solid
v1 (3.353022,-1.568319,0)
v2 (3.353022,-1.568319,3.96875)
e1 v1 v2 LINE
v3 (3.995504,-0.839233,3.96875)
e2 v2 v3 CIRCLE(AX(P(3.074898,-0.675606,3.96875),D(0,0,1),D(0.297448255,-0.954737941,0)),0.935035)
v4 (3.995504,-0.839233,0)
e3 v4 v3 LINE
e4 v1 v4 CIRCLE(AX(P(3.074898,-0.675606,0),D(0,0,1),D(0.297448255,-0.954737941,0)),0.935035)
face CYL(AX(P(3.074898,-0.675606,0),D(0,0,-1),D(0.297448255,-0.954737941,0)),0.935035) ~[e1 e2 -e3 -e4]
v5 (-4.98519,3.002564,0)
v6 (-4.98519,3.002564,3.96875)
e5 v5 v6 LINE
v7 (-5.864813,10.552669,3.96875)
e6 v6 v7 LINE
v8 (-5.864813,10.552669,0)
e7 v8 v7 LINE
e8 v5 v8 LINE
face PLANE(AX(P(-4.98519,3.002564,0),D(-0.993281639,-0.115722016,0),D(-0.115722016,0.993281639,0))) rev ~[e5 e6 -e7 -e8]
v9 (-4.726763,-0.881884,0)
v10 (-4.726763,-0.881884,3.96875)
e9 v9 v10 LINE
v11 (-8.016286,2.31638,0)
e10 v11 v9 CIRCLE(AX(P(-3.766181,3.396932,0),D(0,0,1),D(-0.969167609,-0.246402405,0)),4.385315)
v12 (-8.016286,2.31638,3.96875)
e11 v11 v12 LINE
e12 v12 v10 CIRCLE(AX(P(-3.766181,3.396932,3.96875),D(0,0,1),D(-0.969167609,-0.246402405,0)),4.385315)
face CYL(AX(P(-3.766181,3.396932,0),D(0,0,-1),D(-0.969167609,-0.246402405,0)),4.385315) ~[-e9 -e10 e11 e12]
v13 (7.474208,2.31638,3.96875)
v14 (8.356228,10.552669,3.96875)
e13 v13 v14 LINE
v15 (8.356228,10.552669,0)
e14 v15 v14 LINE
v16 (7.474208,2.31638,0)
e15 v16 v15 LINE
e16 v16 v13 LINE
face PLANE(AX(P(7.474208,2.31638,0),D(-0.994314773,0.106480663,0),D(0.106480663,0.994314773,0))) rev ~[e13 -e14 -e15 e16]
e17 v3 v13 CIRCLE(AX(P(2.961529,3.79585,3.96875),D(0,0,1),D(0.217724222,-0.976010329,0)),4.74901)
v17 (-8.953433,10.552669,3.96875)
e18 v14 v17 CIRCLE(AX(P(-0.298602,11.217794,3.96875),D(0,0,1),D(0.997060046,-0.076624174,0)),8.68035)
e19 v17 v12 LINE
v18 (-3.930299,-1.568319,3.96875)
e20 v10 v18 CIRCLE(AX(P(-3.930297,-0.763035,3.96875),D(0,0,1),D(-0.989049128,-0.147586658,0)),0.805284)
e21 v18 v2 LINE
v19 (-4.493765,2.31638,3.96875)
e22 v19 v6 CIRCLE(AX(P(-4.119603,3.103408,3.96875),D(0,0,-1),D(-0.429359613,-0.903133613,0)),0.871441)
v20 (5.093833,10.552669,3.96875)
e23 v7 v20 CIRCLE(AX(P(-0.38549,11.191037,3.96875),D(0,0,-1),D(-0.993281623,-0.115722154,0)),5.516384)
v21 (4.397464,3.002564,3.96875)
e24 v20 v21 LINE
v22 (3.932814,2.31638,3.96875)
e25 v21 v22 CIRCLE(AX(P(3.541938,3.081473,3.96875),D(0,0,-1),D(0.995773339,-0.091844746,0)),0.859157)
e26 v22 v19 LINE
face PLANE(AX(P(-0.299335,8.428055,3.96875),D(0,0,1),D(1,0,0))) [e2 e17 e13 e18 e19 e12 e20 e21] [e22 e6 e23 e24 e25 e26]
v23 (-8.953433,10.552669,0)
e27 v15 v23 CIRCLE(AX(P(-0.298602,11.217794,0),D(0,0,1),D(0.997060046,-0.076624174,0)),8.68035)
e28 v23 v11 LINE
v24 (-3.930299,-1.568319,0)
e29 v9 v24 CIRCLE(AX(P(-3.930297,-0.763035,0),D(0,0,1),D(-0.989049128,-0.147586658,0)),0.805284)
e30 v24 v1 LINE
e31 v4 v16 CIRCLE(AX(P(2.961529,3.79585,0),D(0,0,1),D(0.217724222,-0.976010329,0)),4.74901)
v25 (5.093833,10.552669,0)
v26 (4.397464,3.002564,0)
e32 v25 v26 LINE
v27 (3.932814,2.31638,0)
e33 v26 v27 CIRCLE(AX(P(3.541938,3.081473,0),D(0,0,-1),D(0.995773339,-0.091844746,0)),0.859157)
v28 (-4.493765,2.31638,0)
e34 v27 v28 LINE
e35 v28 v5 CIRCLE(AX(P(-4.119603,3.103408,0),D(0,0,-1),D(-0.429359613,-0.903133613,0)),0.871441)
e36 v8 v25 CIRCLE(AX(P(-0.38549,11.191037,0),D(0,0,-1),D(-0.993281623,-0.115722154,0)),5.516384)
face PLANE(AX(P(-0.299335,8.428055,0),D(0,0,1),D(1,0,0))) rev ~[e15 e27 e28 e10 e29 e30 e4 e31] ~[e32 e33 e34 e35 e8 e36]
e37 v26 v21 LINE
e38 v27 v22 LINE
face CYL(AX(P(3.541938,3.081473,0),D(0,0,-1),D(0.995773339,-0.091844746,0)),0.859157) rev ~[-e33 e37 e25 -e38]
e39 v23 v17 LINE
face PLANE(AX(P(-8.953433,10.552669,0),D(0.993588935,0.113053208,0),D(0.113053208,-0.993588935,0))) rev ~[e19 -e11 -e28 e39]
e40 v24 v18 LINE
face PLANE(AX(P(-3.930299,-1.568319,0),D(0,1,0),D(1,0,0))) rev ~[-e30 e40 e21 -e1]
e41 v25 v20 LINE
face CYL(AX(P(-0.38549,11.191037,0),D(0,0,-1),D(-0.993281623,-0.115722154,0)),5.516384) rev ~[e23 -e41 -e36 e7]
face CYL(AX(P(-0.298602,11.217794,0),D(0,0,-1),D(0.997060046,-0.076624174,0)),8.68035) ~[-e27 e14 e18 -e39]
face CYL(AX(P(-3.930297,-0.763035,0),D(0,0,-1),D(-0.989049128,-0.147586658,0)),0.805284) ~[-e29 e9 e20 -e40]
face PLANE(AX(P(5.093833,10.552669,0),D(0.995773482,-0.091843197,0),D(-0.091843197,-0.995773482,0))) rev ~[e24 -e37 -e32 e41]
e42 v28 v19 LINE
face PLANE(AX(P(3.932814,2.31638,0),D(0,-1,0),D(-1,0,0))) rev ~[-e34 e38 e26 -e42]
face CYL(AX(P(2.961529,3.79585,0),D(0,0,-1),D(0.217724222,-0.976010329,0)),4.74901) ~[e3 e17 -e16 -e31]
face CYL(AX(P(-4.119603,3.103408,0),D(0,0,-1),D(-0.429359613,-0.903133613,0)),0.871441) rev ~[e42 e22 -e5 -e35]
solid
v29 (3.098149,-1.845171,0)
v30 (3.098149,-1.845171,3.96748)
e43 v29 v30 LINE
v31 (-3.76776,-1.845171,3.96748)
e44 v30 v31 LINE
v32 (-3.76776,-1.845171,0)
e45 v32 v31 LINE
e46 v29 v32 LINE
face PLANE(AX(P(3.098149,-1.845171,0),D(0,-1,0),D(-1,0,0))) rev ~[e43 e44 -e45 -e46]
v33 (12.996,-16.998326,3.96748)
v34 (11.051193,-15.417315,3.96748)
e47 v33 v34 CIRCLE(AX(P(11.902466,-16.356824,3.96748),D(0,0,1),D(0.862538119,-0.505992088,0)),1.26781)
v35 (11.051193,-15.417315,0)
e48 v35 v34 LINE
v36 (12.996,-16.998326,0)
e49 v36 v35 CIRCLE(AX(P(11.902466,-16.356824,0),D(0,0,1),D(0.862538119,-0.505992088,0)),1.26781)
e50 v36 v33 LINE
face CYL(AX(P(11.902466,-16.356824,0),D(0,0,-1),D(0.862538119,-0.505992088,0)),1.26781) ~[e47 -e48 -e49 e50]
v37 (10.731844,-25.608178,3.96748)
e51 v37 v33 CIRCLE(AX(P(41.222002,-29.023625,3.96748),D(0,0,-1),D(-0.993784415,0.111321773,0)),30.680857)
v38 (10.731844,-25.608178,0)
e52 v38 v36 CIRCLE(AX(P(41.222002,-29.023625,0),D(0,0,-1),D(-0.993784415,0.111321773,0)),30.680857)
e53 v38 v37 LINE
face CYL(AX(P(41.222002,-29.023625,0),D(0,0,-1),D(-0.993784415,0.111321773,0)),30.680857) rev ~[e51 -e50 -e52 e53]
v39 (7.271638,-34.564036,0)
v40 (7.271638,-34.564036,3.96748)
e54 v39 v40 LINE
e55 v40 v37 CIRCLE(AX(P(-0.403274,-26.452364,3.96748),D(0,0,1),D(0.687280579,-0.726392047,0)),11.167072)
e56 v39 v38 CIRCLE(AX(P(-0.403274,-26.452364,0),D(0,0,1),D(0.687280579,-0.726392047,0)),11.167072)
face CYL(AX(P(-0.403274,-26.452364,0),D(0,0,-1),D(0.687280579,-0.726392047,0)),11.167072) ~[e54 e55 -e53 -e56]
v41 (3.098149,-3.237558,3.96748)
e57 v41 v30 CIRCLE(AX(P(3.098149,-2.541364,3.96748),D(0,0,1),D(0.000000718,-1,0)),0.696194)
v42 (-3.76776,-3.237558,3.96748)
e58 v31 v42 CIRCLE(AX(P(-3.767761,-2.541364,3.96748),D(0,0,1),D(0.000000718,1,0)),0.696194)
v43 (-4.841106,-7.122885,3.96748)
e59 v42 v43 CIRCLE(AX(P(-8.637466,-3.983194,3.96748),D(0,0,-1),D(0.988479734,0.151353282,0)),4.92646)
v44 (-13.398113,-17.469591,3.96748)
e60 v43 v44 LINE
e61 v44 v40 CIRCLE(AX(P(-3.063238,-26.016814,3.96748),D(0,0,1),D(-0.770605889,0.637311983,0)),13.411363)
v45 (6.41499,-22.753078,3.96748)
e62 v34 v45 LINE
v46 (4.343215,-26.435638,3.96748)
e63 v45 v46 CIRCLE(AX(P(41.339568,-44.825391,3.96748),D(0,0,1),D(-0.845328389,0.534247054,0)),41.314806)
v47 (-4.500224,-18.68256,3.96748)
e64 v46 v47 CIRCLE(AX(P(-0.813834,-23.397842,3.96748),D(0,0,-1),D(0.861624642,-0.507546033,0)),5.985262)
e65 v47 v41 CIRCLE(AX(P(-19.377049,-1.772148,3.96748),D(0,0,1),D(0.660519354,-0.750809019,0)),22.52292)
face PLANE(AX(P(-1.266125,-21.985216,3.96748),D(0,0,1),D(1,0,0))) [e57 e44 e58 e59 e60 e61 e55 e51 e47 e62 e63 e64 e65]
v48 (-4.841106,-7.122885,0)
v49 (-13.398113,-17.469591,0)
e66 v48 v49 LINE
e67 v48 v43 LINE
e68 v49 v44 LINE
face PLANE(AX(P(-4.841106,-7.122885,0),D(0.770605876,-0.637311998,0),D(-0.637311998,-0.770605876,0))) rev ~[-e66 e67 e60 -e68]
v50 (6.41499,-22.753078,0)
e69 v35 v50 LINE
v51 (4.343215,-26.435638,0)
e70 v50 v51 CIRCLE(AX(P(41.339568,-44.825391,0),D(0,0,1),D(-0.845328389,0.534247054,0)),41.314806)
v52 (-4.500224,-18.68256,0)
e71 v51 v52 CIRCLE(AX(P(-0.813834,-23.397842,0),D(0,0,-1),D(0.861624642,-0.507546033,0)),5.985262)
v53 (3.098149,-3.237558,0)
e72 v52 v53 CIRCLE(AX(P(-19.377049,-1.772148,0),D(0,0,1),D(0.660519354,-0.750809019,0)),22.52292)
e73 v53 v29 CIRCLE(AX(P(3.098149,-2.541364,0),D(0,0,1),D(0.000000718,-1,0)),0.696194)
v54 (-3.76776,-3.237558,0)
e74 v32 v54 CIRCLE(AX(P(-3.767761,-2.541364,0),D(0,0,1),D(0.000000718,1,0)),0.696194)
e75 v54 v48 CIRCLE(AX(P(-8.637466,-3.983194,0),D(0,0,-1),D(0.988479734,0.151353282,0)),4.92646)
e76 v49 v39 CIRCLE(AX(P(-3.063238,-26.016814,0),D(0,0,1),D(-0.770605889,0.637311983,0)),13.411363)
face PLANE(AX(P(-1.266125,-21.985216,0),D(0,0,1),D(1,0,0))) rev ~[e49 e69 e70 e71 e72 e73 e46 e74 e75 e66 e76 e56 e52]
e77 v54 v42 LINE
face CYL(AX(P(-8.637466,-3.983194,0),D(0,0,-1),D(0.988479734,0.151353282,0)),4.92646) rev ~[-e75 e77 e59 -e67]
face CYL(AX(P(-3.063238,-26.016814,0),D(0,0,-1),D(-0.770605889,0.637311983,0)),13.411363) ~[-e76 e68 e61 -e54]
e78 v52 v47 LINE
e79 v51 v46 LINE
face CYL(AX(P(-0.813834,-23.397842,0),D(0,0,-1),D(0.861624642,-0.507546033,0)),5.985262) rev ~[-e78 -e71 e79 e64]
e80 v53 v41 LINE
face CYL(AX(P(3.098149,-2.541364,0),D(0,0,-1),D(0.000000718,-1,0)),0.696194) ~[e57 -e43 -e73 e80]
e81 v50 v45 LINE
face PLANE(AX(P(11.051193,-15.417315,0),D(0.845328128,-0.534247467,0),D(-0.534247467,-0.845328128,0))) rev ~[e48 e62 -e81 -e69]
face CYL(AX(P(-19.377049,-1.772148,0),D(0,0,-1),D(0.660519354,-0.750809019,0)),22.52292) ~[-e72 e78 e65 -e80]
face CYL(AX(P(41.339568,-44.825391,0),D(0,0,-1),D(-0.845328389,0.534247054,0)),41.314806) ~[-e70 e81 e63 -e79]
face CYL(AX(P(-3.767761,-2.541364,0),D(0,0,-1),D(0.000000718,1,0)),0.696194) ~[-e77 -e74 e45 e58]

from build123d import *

# Parameters (mm, degrees)
F2_DEPTH = 3.96875
F3_DEPTH = 3.96748


with BuildPart() as f2:
    # F1 (on Top) → F2 (new body)
    with BuildSketch(Plane.XY):
        with BuildLine():
            Line((-8.953433, 10.552669), (-8.016286, 2.31638))
            ThreePointArc((-8.016286, 2.31638), (-6.823146, 0.252739), (-4.726763, -0.881884))
            ThreePointArc((-4.726763, -0.881884), (-4.456024, -1.37303), (-3.930299, -1.568319))
            Line((-3.930299, -1.568319), (3.353022, -1.568319))
            ThreePointArc((3.353022, -1.568319), (3.776418, -1.293796), (3.995504, -0.839233))
            ThreePointArc((3.995504, -0.839233), (6.152268, 0.278424), (7.474208, 2.31638))
            Line((7.474208, 2.31638), (8.356228, 10.552669))
            ThreePointArc((8.356228, 10.552669), (-0.298603, 19.898144), (-8.953433, 10.552669))
        make_face()
        with BuildLine():
            Line((3.932814, 2.31638), (-4.493765, 2.31638))
            ThreePointArc((-4.493765, 2.31638), (-4.828092, 2.596009), (-4.98519, 3.002564))
            Line((-4.98519, 3.002564), (-5.864813, 10.552669))
            ThreePointArc((-5.864813, 10.552669), (-0.38549, 16.707421), (5.093833, 10.552669))
            Line((5.093833, 10.552669), (4.397464, 3.002564))
            ThreePointArc((4.397464, 3.002564), (4.253339, 2.599747), (3.932814, 2.31638))
        make_face(mode=Mode.SUBTRACT)
    extrude(amount=F2_DEPTH)


with BuildPart() as f3:
    # F0 (on Top) → F3 (new body)
    with BuildSketch(Plane.XY):
        with BuildLine():
            ThreePointArc((-4.500224, -18.68256), (0.832613, -11.714558), (3.098149, -3.237558))
            Line((3.098149, -3.237558), (-3.76776, -3.237558))
            ThreePointArc((-3.76776, -3.237558), (-3.888875, -5.295022), (-4.841106, -7.122885))
            Line((-4.841106, -7.122885), (-13.398113, -17.469591))
            ThreePointArc((-13.398113, -17.469591), (-11.61046, -36.351689), (7.271638, -34.564036))
            ThreePointArc((7.271638, -34.564036), (10.013355, -30.476956), (10.731844, -25.608178))
            ThreePointArc((10.731844, -25.608178), (11.549974, -21.220692), (12.996, -16.998326))
            ThreePointArc((12.996, -16.998326), (12.702198, -15.373071), (11.051193, -15.417315))
            Line((11.051193, -15.417315), (6.41499, -22.753078))
            ThreePointArc((6.41499, -22.753078), (5.331994, -24.567855), (4.343215, -26.435638))
            ThreePointArc((4.343215, -26.435638), (-4.759498, -27.898408), (-4.500224, -18.68256))
        make_face()
        with BuildLine():
            ThreePointArc((3.098149, -3.237558), (3.794342, -2.541364), (3.098149, -1.845171))
            Line((3.098149, -1.845171), (2.13285, -1.845171))
            Line((2.13285, -1.845171), (-2.759502, -1.845171))
            Line((-2.759502, -1.845171), (-3.76776, -1.845171))
            ThreePointArc((-3.76776, -1.845171), (-4.463954, -2.541364), (-3.76776, -3.237558))
            Line((-3.76776, -3.237558), (3.098149, -3.237558))
        make_face()
    extrude(amount=F3_DEPTH)


solid = Compound([f2.part, f3.part])
